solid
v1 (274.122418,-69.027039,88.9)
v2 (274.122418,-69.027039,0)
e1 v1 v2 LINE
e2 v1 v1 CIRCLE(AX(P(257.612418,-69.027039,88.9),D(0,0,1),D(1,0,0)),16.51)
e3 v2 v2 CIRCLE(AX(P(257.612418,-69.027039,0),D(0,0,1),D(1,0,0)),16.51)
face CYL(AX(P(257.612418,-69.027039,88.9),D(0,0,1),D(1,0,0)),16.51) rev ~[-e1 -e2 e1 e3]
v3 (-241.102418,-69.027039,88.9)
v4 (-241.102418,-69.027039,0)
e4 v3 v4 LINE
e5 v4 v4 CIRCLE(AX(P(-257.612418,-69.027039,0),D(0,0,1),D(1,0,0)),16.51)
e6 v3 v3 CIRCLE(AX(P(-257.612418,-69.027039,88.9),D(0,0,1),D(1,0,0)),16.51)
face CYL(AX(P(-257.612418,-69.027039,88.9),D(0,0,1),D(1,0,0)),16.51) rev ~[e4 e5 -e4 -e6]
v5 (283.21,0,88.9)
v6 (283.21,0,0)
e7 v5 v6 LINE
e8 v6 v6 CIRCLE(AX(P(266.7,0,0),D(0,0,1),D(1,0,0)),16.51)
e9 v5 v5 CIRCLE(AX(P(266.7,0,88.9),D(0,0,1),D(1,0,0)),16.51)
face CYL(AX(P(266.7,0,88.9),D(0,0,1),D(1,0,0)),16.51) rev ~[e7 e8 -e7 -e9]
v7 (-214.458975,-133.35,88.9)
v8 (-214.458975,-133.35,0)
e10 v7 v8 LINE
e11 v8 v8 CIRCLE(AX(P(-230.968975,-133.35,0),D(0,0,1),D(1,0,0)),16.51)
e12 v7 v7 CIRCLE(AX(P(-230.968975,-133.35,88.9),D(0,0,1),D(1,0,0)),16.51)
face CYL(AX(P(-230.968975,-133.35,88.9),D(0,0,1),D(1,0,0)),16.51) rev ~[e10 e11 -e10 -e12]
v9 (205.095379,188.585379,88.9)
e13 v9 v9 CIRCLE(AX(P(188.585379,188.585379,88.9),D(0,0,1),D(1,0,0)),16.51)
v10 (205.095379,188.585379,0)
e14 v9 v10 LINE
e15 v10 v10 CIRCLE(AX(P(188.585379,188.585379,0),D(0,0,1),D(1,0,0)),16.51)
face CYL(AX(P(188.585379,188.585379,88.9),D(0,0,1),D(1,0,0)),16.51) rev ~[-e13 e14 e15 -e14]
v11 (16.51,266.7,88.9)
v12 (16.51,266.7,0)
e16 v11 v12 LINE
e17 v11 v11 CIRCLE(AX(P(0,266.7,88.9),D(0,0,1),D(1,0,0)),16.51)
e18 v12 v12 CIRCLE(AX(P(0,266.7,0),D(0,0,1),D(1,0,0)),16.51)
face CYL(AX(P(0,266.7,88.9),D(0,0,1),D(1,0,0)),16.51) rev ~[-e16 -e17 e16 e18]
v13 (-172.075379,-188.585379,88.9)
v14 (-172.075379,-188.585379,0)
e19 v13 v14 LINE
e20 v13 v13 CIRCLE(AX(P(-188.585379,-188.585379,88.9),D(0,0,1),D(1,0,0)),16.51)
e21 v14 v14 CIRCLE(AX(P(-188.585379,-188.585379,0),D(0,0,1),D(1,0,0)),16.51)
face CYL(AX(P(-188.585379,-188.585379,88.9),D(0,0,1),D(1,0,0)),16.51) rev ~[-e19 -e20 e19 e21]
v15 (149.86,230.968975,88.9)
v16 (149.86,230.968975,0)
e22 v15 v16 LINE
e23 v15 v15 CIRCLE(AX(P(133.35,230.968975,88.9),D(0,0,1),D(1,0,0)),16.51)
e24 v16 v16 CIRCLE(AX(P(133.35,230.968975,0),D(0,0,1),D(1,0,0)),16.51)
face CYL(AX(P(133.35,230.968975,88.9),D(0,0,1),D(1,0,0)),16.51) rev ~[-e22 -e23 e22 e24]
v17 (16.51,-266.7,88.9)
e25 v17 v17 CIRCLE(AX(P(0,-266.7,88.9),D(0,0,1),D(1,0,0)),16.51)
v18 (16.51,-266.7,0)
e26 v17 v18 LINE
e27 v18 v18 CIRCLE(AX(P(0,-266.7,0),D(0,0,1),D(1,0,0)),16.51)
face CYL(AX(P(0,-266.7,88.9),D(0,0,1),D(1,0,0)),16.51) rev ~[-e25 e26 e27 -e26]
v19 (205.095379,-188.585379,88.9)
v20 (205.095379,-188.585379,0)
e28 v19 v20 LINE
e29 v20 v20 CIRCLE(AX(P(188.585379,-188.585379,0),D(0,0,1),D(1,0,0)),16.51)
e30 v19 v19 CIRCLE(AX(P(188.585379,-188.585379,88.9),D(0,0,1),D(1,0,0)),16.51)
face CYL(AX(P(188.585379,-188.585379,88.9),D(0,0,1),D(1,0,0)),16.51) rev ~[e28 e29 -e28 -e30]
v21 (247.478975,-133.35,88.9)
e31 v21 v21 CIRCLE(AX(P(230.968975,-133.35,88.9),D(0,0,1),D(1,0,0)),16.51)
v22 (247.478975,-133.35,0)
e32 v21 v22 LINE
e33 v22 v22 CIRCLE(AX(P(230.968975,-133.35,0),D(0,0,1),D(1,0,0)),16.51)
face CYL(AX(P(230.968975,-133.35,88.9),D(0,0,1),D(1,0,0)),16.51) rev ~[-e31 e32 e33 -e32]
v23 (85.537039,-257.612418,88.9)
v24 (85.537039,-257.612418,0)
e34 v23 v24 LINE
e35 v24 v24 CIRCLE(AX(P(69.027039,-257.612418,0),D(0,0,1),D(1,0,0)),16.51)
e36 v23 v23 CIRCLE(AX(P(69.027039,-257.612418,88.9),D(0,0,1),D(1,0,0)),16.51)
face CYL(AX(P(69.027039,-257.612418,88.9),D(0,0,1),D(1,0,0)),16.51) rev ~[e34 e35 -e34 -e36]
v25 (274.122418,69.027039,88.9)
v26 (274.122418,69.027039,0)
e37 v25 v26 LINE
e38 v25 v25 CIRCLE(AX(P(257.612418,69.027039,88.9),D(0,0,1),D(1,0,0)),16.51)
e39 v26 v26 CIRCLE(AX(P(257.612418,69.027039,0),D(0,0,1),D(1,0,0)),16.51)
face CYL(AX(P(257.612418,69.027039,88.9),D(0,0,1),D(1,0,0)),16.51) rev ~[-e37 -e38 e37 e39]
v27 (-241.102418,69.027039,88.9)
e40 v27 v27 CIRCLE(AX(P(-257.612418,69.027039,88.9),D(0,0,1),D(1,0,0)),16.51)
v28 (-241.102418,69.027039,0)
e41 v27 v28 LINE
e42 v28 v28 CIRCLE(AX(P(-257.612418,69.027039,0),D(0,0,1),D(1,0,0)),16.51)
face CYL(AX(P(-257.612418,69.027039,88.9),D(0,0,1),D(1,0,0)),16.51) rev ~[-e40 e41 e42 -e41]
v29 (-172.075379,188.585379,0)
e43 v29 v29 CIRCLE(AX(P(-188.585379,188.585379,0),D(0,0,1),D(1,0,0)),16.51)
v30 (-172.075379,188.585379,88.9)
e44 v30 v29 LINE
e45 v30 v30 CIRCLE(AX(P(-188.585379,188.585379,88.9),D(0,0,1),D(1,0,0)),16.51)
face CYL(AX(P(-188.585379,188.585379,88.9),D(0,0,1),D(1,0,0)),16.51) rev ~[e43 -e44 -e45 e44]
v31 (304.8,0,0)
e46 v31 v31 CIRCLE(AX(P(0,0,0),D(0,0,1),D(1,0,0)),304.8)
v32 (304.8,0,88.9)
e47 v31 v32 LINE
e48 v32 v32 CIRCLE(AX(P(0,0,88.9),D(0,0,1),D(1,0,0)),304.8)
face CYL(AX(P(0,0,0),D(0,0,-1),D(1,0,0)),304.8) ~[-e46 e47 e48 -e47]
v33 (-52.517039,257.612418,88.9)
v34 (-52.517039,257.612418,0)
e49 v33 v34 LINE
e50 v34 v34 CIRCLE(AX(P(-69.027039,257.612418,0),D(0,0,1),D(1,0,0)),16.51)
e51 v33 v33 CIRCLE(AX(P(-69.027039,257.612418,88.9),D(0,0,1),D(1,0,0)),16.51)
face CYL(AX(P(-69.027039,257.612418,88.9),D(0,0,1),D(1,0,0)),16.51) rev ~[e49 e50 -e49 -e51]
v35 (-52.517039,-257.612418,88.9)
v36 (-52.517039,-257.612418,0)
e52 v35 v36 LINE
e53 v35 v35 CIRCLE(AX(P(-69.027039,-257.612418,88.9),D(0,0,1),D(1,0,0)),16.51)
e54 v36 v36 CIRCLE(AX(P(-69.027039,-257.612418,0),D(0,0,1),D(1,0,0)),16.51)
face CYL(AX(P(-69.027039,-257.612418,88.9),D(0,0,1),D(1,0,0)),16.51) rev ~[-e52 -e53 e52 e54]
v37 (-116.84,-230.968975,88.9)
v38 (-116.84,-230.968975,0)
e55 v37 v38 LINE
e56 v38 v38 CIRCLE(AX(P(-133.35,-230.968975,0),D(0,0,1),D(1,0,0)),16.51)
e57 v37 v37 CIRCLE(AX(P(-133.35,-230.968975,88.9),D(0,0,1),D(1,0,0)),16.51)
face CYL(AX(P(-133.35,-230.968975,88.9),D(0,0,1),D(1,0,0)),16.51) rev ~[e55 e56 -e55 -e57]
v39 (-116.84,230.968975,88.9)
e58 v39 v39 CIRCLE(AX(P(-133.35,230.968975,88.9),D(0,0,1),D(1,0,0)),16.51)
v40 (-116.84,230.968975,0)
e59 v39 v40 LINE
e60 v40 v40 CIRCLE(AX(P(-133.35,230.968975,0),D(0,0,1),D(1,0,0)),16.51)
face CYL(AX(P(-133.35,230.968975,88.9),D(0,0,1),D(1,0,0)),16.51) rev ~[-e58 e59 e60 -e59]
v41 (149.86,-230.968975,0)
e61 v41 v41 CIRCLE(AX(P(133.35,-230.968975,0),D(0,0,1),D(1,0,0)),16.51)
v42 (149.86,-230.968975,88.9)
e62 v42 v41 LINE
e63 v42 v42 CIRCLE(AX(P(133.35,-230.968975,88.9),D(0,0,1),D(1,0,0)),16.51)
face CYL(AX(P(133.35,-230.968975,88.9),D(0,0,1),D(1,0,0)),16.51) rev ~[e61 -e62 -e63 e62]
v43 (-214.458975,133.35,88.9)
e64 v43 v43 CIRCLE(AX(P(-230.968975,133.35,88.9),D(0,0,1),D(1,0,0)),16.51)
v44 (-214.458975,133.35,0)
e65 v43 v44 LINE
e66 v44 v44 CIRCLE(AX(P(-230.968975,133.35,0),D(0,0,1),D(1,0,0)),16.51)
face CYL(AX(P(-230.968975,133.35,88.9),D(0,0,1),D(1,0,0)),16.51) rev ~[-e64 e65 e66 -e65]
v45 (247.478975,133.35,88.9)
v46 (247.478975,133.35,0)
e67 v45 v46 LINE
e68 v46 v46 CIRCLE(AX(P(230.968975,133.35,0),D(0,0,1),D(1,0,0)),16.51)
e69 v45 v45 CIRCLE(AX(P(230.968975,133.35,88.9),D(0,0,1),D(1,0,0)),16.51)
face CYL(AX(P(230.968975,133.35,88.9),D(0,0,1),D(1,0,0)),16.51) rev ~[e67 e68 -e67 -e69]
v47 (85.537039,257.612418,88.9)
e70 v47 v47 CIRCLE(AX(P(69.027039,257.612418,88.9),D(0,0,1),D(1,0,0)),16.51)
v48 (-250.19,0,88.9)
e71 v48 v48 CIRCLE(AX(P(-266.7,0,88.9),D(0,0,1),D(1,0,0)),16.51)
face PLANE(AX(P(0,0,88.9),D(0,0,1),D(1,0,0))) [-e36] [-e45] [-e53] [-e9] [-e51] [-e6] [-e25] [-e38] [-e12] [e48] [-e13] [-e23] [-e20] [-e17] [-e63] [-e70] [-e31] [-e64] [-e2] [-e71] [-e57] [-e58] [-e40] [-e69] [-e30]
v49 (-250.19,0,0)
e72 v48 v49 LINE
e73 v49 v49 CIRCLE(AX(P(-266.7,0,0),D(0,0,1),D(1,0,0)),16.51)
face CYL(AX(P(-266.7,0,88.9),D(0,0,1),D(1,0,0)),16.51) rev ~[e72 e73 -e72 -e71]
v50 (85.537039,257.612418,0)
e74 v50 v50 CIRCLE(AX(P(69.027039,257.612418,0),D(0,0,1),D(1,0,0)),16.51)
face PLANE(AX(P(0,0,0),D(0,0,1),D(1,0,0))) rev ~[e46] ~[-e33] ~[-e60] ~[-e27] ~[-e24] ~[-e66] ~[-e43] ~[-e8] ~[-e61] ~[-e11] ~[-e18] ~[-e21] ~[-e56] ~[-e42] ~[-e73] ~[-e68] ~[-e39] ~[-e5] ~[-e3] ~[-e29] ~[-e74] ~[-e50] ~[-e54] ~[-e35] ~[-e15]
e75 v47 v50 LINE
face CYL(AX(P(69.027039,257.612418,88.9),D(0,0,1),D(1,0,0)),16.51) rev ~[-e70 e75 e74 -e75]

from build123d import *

# Parameters (mm, degrees)
SKETCH1_R           = 304.8
BOSS_EXTRUDE1_DEPTH = 88.9
SKETCH2_R           = 16.51
CUT_EXTRUDE6_DEPTH  = 88.9


with BuildPart() as part:
    # Sketch1 → Boss-Extrude1 (new body)
    with BuildSketch(Plane.XY):
        Circle(SKETCH1_R)
    extrude(amount=BOSS_EXTRUDE1_DEPTH)

    # Sketch2 → Cut-Extrude6 (cut)
    with BuildSketch(Plane.XY.offset(88.9)):
        with Locations((0, 266.7)):
            Circle(SKETCH2_R)
        with Locations((69.027039329, 257.612417871)):
            Circle(SKETCH2_R)
        with Locations((133.35, 230.968975189)):
            Circle(SKETCH2_R)
        with Locations((188.585378542, 188.585378542)):
            Circle(SKETCH2_R)
        with Locations((230.968975189, 133.35)):
            Circle(SKETCH2_R)
        with Locations((257.612417871, 69.027039329)):
            Circle(SKETCH2_R)
        with Locations((266.7, 0)):
            Circle(SKETCH2_R)
        with Locations((257.612417871, -69.027039329)):
            Circle(SKETCH2_R)
        with Locations((230.968975189, -133.35)):
            Circle(SKETCH2_R)
        with Locations((188.585378542, -188.585378542)):
            Circle(SKETCH2_R)
        with Locations((133.35, -230.968975189)):
            Circle(SKETCH2_R)
        with Locations((69.027039329, -257.612417871)):
            Circle(SKETCH2_R)
        with Locations((0, -266.7)):
            Circle(SKETCH2_R)
        with Locations((-69.027039329, -257.612417871)):
            Circle(SKETCH2_R)
        with Locations((-133.35, -230.968975189)):
            Circle(SKETCH2_R)
        with Locations((-188.585378542, -188.585378542)):
            Circle(SKETCH2_R)
        with Locations((-230.968975189, -133.35)):
            Circle(SKETCH2_R)
        with Locations((-257.612417871, -69.027039329)):
            Circle(SKETCH2_R)
        with Locations((-266.7, 0)):
            Circle(SKETCH2_R)
        with Locations((-257.612417871, 69.027039329)):
            Circle(SKETCH2_R)
        with Locations((-230.968975189, 133.35)):
            Circle(SKETCH2_R)
        with Locations((-188.585378542, 188.585378542)):
            Circle(SKETCH2_R)
        with Locations((-133.35, 230.968975189)):
            Circle(SKETCH2_R)
        with Locations((-69.027039329, 257.612417871)):
            Circle(SKETCH2_R)
    extrude(amount=-CUT_EXTRUDE6_DEPTH, mode=Mode.SUBTRACT)


solid = part.part
